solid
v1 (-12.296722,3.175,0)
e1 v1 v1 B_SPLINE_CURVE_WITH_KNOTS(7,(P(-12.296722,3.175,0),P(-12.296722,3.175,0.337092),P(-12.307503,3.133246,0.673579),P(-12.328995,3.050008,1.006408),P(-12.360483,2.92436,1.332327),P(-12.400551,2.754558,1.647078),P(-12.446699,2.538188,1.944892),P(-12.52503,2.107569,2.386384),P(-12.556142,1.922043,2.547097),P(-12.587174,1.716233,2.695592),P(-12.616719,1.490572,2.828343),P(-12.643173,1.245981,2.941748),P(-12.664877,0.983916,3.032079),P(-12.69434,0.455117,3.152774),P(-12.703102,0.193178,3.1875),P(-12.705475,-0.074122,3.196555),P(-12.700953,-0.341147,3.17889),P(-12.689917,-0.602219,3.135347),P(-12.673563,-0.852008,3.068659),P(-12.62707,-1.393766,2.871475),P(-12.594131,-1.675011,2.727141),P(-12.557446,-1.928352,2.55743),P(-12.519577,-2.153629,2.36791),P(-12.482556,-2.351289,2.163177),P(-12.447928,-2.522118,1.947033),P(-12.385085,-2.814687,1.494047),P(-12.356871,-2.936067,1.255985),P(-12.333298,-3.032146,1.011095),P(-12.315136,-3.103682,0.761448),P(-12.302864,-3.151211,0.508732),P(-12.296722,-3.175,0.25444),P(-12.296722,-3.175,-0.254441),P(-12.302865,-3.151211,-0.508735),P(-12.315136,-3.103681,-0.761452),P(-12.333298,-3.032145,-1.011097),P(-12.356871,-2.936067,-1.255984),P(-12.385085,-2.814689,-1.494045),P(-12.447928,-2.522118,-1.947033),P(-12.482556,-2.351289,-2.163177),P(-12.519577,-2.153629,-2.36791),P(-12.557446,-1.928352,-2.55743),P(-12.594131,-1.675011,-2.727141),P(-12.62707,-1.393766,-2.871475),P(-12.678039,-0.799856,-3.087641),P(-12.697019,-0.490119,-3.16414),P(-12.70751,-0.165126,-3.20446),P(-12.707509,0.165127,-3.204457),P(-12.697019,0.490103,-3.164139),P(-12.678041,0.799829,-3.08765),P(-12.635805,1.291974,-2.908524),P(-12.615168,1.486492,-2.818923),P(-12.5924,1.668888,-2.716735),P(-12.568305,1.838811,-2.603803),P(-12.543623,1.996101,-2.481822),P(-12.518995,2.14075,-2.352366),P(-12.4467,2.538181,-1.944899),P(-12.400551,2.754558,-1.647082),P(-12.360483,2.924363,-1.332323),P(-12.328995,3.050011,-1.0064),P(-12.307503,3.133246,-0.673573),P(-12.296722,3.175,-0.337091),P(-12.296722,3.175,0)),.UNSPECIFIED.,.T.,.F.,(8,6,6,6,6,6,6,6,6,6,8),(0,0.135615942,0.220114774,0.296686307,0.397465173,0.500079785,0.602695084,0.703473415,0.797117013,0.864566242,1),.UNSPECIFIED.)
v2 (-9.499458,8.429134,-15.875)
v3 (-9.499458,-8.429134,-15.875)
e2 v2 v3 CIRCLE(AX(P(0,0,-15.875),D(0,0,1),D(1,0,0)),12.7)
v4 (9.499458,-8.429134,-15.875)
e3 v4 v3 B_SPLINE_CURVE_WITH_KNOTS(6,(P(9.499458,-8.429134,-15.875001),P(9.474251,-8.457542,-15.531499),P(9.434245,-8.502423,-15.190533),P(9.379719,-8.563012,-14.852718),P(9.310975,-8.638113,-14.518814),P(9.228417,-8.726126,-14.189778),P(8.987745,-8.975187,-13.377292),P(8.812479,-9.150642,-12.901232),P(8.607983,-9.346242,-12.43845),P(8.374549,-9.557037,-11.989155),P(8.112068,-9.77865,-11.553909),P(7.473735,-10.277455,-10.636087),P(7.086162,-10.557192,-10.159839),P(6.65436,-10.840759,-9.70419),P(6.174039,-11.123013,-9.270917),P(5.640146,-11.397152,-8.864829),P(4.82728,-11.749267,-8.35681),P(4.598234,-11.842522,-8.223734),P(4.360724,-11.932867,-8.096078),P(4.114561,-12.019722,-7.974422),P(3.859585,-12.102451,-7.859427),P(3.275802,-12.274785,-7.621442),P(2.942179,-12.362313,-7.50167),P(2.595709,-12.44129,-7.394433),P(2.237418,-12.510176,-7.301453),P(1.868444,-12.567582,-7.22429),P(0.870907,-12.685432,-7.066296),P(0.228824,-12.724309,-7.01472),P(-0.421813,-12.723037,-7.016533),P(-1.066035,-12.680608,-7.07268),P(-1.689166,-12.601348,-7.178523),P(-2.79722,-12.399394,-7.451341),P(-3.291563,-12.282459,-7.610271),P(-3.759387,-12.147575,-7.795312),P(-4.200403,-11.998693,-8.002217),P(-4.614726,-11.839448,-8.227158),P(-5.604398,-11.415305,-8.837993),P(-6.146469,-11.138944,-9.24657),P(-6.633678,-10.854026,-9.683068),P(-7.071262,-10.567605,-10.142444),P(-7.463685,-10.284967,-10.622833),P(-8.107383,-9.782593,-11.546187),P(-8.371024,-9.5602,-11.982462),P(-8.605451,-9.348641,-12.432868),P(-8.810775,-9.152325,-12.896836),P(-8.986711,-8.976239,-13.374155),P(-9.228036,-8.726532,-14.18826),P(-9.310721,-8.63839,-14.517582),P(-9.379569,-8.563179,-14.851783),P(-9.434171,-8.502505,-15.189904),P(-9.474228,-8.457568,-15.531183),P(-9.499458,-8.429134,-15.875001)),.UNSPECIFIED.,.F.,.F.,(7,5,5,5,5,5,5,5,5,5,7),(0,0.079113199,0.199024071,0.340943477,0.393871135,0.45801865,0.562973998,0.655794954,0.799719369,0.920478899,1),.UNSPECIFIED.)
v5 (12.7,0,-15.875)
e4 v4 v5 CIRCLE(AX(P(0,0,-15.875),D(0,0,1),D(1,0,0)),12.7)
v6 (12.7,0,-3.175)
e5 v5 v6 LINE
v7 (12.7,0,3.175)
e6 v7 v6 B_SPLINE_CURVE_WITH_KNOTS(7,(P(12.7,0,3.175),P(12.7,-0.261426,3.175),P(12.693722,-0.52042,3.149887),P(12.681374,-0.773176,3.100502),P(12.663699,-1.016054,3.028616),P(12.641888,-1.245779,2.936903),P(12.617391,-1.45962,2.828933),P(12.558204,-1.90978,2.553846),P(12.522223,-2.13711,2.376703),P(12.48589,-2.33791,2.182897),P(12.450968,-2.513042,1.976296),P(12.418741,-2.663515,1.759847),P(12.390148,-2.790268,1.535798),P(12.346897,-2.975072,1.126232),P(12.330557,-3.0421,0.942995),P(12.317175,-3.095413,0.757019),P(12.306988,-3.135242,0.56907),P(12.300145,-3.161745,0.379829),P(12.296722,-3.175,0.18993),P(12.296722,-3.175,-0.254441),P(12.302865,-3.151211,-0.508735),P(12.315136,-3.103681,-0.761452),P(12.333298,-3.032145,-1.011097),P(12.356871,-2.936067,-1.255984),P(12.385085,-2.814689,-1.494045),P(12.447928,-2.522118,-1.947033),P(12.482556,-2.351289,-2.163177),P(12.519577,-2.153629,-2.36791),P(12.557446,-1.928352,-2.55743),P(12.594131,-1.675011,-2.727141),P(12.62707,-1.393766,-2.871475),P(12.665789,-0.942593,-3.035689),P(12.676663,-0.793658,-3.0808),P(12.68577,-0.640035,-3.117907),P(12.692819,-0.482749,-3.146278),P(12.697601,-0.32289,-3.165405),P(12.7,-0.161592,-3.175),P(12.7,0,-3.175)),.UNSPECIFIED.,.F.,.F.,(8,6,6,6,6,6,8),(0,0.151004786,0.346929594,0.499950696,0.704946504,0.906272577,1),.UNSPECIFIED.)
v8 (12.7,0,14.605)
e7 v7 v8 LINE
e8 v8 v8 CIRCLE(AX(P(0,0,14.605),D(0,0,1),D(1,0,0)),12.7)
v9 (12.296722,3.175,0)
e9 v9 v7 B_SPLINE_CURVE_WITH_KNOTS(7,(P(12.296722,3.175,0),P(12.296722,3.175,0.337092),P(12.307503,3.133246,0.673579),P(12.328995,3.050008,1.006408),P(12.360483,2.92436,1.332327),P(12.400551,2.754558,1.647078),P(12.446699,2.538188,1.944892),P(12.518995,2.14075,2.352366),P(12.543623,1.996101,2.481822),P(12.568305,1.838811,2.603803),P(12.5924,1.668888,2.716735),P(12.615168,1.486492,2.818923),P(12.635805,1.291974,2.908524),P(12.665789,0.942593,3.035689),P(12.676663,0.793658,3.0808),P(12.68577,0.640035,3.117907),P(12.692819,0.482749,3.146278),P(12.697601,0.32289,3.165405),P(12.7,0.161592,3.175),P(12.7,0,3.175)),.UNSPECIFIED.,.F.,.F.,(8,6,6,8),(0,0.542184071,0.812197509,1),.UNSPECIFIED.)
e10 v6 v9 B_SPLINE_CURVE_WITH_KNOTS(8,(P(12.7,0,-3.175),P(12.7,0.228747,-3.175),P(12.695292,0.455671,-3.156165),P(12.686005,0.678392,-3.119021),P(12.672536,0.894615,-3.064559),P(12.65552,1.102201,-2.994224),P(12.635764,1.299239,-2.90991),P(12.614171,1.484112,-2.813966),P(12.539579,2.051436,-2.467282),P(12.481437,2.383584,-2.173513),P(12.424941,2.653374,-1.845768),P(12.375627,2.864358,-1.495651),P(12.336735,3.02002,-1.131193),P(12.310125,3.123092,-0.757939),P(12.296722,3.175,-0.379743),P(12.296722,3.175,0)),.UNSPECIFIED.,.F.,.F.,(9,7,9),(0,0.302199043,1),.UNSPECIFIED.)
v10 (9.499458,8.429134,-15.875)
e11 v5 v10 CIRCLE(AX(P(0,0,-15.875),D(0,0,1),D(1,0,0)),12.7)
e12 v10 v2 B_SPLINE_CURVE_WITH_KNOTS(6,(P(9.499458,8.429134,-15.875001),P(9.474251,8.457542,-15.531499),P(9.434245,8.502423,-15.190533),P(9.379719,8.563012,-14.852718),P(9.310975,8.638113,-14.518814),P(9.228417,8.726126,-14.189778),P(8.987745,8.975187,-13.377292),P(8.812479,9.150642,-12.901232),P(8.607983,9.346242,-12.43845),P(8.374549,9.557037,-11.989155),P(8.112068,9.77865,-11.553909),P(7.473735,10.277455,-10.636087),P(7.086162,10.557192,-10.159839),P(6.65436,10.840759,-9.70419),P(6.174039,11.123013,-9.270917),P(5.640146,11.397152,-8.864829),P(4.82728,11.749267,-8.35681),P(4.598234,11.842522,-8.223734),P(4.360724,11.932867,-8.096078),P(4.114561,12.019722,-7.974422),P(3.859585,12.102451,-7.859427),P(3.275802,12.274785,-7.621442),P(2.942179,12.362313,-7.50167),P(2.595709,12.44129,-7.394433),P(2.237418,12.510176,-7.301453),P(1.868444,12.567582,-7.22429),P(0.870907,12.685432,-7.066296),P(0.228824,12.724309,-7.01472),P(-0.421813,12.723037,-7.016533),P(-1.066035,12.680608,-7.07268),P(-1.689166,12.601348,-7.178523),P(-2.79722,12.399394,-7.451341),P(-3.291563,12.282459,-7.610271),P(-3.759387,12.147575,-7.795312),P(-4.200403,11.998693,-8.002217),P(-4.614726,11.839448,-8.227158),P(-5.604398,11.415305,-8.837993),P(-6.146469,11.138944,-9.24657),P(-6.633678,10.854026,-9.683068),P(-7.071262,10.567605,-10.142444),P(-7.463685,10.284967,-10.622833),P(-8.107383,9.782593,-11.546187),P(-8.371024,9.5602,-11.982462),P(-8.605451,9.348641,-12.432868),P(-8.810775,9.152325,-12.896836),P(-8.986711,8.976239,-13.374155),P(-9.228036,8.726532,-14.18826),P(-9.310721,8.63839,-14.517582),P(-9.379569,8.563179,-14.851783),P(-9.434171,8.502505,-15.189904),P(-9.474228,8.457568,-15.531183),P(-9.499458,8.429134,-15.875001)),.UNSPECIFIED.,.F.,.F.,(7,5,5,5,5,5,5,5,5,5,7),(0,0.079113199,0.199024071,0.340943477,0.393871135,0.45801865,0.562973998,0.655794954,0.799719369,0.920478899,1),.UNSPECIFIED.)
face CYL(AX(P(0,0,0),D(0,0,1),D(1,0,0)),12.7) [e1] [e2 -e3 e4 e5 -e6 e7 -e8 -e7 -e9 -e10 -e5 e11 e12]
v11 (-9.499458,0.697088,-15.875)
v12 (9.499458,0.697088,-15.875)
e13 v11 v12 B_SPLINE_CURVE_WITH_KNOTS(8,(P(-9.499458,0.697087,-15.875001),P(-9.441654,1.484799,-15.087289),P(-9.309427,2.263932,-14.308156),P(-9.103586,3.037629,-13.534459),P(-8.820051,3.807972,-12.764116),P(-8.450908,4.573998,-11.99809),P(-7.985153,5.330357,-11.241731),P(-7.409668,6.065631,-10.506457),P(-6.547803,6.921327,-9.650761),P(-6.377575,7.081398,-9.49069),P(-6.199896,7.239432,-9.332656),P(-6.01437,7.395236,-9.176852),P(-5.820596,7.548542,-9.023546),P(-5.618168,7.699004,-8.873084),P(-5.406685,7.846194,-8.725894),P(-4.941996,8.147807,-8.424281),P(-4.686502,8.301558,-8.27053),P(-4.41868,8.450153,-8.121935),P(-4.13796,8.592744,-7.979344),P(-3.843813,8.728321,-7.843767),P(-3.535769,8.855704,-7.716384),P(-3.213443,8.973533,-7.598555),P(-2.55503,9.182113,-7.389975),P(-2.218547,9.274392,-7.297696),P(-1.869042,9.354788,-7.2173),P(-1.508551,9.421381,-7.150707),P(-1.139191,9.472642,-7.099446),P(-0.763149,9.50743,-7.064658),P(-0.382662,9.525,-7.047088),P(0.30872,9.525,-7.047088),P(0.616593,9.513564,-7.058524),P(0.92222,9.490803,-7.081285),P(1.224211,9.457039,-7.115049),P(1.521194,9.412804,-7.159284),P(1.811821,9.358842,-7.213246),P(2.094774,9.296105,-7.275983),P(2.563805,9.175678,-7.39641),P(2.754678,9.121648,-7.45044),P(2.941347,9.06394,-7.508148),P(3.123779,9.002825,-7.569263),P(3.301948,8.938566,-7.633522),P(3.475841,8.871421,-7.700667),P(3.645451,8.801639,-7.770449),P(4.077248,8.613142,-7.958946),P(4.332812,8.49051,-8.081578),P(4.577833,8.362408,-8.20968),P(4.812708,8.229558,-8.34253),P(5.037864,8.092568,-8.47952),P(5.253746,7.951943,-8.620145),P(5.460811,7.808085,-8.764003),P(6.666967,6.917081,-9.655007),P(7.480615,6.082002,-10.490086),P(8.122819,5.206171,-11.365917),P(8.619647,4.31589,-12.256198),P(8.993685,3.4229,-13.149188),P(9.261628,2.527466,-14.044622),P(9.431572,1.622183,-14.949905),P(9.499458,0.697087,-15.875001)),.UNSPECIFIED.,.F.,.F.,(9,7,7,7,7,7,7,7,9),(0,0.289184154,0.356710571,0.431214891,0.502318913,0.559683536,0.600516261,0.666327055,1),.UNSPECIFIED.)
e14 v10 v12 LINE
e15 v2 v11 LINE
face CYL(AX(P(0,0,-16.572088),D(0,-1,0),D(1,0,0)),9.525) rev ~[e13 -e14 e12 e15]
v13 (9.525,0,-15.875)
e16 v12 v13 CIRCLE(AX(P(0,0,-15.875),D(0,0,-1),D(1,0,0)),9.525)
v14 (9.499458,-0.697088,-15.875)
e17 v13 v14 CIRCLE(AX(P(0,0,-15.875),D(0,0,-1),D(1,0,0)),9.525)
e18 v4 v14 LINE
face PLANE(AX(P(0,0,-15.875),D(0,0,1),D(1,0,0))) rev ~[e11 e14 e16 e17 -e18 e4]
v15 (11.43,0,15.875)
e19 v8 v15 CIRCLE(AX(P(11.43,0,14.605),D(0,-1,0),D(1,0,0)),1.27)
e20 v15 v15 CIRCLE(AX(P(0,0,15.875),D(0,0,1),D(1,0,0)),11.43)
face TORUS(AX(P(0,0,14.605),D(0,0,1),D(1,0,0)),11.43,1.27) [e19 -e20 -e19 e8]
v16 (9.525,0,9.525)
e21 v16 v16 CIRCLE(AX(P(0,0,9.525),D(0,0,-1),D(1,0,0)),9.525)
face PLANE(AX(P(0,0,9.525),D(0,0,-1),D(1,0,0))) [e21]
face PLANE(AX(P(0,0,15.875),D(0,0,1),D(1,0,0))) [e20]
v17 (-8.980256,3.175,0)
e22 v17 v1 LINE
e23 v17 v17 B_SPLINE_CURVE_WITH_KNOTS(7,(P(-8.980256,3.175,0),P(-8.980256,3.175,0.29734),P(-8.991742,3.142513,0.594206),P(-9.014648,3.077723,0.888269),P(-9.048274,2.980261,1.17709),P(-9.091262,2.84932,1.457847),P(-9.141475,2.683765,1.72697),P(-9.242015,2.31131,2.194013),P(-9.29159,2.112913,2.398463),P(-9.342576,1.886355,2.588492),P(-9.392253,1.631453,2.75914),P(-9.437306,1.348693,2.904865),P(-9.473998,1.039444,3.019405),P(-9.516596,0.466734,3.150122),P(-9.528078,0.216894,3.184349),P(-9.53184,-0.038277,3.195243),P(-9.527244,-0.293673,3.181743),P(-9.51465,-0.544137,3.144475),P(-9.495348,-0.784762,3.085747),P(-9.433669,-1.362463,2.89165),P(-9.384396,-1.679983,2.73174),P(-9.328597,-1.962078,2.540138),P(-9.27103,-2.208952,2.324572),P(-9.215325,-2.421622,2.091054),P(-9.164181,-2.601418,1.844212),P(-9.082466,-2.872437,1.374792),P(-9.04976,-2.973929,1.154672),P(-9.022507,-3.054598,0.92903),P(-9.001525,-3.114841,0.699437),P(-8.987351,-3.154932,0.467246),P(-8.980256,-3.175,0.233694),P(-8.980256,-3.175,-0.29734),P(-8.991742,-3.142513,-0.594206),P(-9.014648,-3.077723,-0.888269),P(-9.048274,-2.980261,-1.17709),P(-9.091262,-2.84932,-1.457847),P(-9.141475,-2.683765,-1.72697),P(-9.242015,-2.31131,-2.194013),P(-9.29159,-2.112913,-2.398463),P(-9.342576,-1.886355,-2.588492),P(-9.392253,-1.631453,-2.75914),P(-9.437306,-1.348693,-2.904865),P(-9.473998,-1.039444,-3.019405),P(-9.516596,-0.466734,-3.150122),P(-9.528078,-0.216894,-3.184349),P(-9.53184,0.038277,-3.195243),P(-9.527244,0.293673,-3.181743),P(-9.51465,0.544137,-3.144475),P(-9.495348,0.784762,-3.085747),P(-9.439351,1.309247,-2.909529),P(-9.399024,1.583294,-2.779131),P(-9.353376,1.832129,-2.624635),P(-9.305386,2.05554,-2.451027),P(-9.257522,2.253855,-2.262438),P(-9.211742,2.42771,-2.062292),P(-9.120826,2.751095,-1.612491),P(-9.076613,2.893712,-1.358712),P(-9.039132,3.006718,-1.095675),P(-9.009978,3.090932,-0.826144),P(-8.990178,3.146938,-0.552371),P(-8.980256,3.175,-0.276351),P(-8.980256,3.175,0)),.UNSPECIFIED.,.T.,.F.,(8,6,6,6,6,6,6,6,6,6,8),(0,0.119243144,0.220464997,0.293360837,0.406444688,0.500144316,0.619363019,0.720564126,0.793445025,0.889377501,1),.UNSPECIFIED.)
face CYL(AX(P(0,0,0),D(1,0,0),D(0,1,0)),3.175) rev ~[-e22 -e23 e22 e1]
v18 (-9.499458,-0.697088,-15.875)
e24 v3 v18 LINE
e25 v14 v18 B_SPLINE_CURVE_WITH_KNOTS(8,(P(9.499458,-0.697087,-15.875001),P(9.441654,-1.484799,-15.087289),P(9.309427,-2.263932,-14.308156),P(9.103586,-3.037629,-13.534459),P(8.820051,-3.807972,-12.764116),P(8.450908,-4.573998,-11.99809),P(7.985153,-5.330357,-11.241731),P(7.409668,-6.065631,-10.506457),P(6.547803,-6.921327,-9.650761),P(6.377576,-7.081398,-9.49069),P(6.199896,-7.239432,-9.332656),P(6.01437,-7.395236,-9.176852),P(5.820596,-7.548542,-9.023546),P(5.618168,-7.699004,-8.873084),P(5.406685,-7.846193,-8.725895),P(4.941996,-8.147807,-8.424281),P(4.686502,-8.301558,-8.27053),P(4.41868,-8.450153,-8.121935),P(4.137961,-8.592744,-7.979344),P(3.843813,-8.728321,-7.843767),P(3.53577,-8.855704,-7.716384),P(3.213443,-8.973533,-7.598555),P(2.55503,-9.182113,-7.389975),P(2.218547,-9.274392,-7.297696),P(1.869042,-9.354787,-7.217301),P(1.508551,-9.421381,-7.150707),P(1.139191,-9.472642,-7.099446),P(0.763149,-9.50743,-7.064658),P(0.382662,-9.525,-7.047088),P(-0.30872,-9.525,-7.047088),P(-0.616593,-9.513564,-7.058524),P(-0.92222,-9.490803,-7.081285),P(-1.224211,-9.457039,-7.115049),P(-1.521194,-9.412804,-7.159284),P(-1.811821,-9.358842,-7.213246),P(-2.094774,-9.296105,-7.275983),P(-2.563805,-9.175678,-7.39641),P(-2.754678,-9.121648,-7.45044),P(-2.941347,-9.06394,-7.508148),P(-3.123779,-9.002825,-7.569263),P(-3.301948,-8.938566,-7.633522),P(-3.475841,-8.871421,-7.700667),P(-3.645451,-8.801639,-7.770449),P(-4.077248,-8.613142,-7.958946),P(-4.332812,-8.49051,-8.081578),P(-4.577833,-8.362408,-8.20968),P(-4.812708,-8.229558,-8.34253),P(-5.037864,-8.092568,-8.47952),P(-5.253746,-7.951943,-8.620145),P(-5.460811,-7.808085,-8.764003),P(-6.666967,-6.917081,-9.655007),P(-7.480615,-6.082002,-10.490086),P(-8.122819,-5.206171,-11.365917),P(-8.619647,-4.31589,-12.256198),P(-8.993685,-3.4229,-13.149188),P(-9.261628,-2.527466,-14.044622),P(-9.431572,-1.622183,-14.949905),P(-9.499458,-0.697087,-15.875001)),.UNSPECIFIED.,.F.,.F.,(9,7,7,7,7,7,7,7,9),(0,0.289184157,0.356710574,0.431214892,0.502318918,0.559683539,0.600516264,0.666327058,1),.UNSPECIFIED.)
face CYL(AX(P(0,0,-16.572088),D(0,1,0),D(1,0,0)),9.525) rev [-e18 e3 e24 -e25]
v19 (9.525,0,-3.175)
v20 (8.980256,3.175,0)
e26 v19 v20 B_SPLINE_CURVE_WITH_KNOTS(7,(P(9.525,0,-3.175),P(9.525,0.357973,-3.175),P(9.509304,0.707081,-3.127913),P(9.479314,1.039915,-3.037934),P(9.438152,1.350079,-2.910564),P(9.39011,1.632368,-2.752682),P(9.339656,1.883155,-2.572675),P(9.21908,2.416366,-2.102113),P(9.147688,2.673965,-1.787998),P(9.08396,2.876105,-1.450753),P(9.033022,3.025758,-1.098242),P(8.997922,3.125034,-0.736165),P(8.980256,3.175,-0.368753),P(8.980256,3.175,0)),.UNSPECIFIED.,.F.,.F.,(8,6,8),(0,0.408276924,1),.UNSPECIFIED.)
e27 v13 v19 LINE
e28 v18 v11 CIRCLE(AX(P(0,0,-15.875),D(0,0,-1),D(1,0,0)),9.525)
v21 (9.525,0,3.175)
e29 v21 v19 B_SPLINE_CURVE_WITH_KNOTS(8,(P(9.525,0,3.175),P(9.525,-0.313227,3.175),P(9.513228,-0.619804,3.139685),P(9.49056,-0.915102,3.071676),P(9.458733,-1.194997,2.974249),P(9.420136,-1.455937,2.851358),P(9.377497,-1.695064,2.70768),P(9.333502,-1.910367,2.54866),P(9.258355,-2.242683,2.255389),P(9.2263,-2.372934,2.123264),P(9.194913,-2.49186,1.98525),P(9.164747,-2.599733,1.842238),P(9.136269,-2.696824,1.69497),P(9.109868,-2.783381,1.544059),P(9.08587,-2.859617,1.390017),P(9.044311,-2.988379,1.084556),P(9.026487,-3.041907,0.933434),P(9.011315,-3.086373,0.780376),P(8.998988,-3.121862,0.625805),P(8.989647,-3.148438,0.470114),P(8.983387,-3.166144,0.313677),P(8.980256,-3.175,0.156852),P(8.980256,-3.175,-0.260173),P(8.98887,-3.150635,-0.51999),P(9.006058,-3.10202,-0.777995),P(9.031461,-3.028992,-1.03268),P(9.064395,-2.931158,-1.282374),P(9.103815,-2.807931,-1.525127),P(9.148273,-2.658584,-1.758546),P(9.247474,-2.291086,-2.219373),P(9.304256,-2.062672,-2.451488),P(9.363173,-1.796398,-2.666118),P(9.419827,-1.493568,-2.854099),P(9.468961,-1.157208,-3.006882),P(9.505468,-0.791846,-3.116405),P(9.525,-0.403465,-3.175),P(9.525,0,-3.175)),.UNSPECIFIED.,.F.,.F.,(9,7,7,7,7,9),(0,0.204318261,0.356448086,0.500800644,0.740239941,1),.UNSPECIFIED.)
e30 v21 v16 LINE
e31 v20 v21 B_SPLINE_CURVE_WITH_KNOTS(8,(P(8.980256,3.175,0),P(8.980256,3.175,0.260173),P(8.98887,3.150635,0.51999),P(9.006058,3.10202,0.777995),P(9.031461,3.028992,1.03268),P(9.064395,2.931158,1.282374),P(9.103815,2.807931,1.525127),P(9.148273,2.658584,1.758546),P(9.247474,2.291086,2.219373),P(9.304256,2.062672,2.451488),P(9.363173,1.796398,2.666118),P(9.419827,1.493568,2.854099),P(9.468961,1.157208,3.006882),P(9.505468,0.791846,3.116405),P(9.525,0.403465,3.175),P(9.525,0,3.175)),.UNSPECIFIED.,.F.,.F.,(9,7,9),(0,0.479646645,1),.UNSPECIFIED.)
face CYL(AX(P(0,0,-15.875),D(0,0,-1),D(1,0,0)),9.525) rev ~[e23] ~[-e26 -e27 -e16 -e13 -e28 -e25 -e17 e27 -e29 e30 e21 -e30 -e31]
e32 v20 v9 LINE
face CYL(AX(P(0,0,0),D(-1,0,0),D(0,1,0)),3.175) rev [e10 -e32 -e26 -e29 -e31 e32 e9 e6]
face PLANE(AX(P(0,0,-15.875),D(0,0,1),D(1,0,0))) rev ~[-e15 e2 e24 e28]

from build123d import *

# Parameters (mm, degrees)
F0_R          = 12.7
F1_DEPTH      = 15.875
F1_DEPTH_BACK = 15.875
F2_R          = 9.525
F3_DEPTH      = 25.4
F4_R          = 1.27
F6_DEPTH      = 25.4
F6_DEPTH_BACK = 25.4
F7_R          = 3.175
F8_DEPTH      = 12.7
F8_DEPTH_BACK = 12.7


with BuildPart() as f1:
    # F0 (on Top) → F1 (new body, two sides)
    with BuildSketch(Plane.XY) as f1_sk:
        Circle(F0_R)
    extrude(amount=F1_DEPTH)
    extrude(f1_sk.sketch, amount=-F1_DEPTH_BACK)

    # F2 (on face) → F3 (cut)
    with BuildSketch(Plane(origin=(0, 0, -15.875), x_dir=(1, 0, 0), z_dir=(0, 0, -1))):
        Circle(F2_R)
    extrude(amount=-F3_DEPTH, mode=Mode.SUBTRACT)

    # F4
    f4_edges = [f1.edges().sort_by_distance(p)[0] for p in [
        (-12.7, 0, 15.875),
    ]]
    fillet(f4_edges, radius=F4_R)

    # F5 (on Front) → F6 (cut, two sides)
    with BuildSketch(Plane.XZ) as f6_sk:
        with BuildLine():
            ThreePointArc((0, -7.0470880032), (-6.7351920908, -23.307280094), (9.525, -16.5720880032))
            ThreePointArc((9.525, -16.5720880032), (6.7351920908, -9.8368959124), (0, -7.0470880032))
        make_face()
    extrude(amount=F6_DEPTH, mode=Mode.SUBTRACT)
    extrude(f6_sk.sketch, amount=-F6_DEPTH_BACK, mode=Mode.SUBTRACT)

    # F7 (on Right) → F8 (cut, two sides)
    with BuildSketch(Plane.YZ) as f8_sk:
        Circle(F7_R)
    extrude(amount=-F8_DEPTH, mode=Mode.SUBTRACT)
    extrude(f8_sk.sketch, amount=F8_DEPTH_BACK, mode=Mode.SUBTRACT)


solid = f1.part
